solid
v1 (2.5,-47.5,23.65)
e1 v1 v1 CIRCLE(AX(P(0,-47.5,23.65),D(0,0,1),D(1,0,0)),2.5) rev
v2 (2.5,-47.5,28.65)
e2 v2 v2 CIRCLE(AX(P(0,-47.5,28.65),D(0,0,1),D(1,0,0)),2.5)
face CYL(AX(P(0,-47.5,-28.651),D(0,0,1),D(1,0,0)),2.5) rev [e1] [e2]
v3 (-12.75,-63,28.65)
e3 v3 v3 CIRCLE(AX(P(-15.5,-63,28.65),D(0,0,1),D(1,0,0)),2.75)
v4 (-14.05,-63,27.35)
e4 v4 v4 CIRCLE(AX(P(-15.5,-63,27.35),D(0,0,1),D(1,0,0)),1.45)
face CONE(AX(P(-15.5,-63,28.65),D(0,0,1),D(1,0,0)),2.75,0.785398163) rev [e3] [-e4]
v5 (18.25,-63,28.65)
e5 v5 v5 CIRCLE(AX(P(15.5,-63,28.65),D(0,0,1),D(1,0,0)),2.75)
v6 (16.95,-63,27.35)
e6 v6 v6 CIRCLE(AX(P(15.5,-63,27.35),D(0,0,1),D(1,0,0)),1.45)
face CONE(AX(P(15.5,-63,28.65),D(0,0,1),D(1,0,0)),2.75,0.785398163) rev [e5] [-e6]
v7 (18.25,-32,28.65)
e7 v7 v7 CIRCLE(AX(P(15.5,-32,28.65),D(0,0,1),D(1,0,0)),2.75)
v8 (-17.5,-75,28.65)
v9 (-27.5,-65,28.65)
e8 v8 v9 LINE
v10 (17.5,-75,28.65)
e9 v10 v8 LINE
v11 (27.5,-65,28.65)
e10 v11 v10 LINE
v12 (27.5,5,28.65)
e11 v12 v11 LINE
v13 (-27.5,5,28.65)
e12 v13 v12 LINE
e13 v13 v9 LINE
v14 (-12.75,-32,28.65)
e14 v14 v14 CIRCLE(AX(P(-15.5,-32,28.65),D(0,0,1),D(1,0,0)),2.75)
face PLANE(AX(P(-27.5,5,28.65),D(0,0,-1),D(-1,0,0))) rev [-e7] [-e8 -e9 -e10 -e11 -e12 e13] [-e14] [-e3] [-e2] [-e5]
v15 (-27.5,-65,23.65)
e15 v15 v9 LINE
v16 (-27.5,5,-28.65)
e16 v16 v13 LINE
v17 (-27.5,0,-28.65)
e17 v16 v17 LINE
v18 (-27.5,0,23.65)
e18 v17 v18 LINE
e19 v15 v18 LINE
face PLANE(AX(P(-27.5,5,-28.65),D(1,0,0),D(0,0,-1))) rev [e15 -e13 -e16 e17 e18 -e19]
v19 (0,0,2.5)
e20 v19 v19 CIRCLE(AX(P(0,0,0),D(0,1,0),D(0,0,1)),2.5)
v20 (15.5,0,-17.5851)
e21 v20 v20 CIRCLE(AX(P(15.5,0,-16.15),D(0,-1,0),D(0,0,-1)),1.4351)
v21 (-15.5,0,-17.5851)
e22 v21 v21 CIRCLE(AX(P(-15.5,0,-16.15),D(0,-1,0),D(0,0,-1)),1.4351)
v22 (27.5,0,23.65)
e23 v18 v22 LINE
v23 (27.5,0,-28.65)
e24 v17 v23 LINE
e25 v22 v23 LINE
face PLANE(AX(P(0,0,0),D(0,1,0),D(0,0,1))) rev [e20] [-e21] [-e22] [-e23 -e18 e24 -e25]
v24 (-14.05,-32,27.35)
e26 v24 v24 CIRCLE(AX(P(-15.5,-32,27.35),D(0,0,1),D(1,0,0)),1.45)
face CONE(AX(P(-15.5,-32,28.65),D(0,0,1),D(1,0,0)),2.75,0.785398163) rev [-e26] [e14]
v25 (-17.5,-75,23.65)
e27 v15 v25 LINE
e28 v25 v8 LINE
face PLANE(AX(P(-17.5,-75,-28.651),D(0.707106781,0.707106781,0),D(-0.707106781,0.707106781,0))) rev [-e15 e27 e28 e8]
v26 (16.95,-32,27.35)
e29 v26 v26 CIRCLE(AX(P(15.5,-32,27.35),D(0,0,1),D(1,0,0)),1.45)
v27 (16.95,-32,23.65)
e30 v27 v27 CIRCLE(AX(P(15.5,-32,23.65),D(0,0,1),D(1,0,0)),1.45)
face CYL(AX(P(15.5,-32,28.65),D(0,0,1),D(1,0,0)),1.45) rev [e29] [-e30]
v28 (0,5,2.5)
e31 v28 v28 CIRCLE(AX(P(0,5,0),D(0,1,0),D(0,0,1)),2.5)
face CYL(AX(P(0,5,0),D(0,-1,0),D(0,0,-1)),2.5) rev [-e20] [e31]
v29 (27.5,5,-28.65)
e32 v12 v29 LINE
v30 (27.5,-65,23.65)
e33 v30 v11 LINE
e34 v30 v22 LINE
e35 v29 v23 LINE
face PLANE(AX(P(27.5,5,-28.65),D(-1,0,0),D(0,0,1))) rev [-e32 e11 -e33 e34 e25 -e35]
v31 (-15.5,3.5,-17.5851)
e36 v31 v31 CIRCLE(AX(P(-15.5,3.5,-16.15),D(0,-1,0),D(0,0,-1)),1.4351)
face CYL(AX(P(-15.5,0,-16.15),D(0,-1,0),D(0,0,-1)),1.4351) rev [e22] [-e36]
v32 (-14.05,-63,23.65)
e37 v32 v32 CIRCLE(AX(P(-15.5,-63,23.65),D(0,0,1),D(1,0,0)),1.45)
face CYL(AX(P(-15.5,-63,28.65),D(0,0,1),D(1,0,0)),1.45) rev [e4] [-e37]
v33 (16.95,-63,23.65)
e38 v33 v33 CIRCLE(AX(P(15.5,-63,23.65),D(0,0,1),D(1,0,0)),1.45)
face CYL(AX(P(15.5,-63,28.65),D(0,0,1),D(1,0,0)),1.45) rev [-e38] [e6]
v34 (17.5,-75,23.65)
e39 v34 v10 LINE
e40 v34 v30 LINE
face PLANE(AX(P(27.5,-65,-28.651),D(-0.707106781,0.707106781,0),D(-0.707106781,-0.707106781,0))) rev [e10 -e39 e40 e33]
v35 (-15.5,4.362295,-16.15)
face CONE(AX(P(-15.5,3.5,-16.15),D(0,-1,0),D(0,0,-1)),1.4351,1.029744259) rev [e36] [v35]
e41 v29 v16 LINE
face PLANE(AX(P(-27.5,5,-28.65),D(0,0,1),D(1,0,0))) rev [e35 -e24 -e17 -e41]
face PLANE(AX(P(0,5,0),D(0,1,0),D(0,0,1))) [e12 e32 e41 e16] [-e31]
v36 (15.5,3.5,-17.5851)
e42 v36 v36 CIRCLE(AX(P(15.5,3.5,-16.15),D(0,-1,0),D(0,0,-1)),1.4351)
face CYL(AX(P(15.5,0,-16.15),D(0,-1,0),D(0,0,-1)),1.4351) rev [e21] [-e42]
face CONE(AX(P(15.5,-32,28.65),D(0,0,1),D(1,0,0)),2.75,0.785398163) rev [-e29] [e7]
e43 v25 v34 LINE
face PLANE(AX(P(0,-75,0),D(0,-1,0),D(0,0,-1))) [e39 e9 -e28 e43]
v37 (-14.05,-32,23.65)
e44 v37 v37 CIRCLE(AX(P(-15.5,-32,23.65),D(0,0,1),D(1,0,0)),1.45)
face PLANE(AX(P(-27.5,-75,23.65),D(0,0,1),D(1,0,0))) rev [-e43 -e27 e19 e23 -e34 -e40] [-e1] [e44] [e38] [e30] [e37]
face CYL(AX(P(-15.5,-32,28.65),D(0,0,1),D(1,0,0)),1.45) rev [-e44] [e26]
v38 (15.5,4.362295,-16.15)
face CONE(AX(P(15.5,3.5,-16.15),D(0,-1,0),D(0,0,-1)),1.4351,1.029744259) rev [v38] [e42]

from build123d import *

# Parameters (mm, degrees)
SKETCH1_W                                         = 55
SKETCH1_H                                         = 57.3
SKETCH1_R                                         = 2.5
BOSS_EXTRUDE1_DEPTH                               = 5
SKETCH2_W                                         = 55
SKETCH2_H                                         = 5
BOSS_EXTRUDE2_DEPTH                               = 75
CUT_EXTRUDE1_REACH                                = 59.3
CUT_EXTRUDE2_REACH                                = 7
CUT_EXTRUDE3_REACH                                = 59.3
SKETCH5_R                                         = 2.5
CUT_EXTRUDE4_REACH                                = 59.3
SKETCH6_R                                         = 2.5
CUT_EXTRUDE5_REACH                                = 7
CSK_FOR_M2_5_FLAT_HEAD_MACHINE_SCREW1_D           = 2.9
CSK_FOR_M2_5_FLAT_HEAD_MACHINE_SCREW1_DEPTH       = 5
CSK_FOR_M2_5_FLAT_HEAD_MACHINE_SCREW1_CSINK_D     = 5.5
CSK_FOR_M2_5_FLAT_HEAD_MACHINE_SCREW1_CSINK_ANGLE = 90
F_6_40_TAPPED_HOLE1_D                             = 2.8702
F_6_40_TAPPED_HOLE1_DEPTH                         = 3.5
F_6_40_TAPPED_HOLE1_TIP                           = 0.862295074


with BuildPart() as part:
    # Sketch1 → Boss-Extrude1 (new body)
    with BuildSketch(Plane(origin=(0, 0, 0), x_dir=(1, 0, 0), z_dir=(0, 1, 0))):
        Rectangle(SKETCH1_W, SKETCH1_H)
        Circle(SKETCH1_R, mode=Mode.SUBTRACT)
    extrude(amount=BOSS_EXTRUDE1_DEPTH)

    # Sketch2 → Boss-Extrude2 (add)
    with BuildSketch(Plane.XZ):
        with Locations((0, 26.15)):
            Rectangle(SKETCH2_W, SKETCH2_H)
        with Locations((0, -26.15)):
            Rectangle(SKETCH2_W, SKETCH2_H)
    extrude(amount=BOSS_EXTRUDE2_DEPTH)

    # Sketch3 → Cut-Extrude1 (cut, up to next)
    with BuildSketch(Plane.XY.offset(28.65), mode=Mode.PRIVATE) as cut_extrude1_sk1:
        Polygon((-27.5, -75), (-17.5, -75), (-27.5, -65), align=None)
    cut_extrude1_tool1 = extrude(cut_extrude1_sk1.sketch, amount=-CUT_EXTRUDE1_REACH, mode=Mode.PRIVATE) & part.part
    add(cut_extrude1_tool1.solids().sort_by_distance((-24.166667, -71.666667, 28.65))[0], mode=Mode.SUBTRACT)
    # Sketch3 → Cut-Extrude1 (cut, up to next)
    with BuildSketch(Plane.XY.offset(28.65), mode=Mode.PRIVATE) as cut_extrude1_sk2:
        Polygon((27.5, -75), (27.5, -65), (17.5, -75), align=None)
    cut_extrude1_tool2 = extrude(cut_extrude1_sk2.sketch, amount=-CUT_EXTRUDE1_REACH, mode=Mode.PRIVATE) & part.part
    add(cut_extrude1_tool2.solids().sort_by_distance((24.166667, -71.666667, 28.65))[0], mode=Mode.SUBTRACT)

    # Sketch4 → Cut-Extrude2 (cut, up to next)
    with BuildSketch(Plane.XY.offset(-23.65), mode=Mode.PRIVATE) as cut_extrude2_sk1:
        Polygon((-27.5, -65), (-27.5, -75), (-17.5, -75), align=None)
    cut_extrude2_tool1 = extrude(cut_extrude2_sk1.sketch, amount=-CUT_EXTRUDE2_REACH, mode=Mode.PRIVATE) & part.part
    add(cut_extrude2_tool1.solids().sort_by_distance((-24.166667, -71.666667, -23.65))[0], mode=Mode.SUBTRACT)
    # Sketch4 → Cut-Extrude2 (cut, up to next)
    with BuildSketch(Plane.XY.offset(-23.65), mode=Mode.PRIVATE) as cut_extrude2_sk2:
        Polygon((27.5, -65), (17.5, -75), (27.5, -75), align=None)
    cut_extrude2_tool2 = extrude(cut_extrude2_sk2.sketch, amount=-CUT_EXTRUDE2_REACH, mode=Mode.PRIVATE) & part.part
    add(cut_extrude2_tool2.solids().sort_by_distance((24.166667, -71.666667, -23.65))[0], mode=Mode.SUBTRACT)

    # Sketch5 → Cut-Extrude3 (cut, up to next)
    with BuildSketch(Plane.XY.offset(28.65), mode=Mode.PRIVATE) as cut_extrude3_sk1:
        with Locations((0, -47.5)):
            Circle(SKETCH5_R)
    cut_extrude3_tool1 = extrude(cut_extrude3_sk1.sketch, amount=-CUT_EXTRUDE3_REACH, mode=Mode.PRIVATE) & part.part
    add(cut_extrude3_tool1.solids().sort_by_distance((0, -47.5, 28.65))[0], mode=Mode.SUBTRACT)

    # Sketch6 → Cut-Extrude4 (cut, up to next)
    with BuildSketch(Plane(origin=(0, 0, -28.65), x_dir=(-1, 0, 0), z_dir=(0, 0, -1)), mode=Mode.PRIVATE) as cut_extrude4_sk1:
        with Locations((0, -47.5)):
            Circle(SKETCH6_R)
    cut_extrude4_tool1 = extrude(cut_extrude4_sk1.sketch, amount=-CUT_EXTRUDE4_REACH, mode=Mode.PRIVATE) & part.part
    add(cut_extrude4_tool1.solids().sort_by_distance((0, -47.5, -28.65))[0], mode=Mode.SUBTRACT)

    # Sketch7 → Cut-Extrude5 (cut, up to next)
    with BuildSketch(Plane.XY.offset(-23.65), mode=Mode.PRIVATE) as cut_extrude5_sk1:
        Polygon((-27.5, 0), (27.5, 0), (27.5, -65), (17.5, -75), (-17.5, -75), (-27.5, -65), align=None)
    cut_extrude5_tool1 = extrude(cut_extrude5_sk1.sketch, amount=-CUT_EXTRUDE5_REACH, mode=Mode.PRIVATE) & part.part
    add(cut_extrude5_tool1.solids().sort_by_distance((0, -36.651139, -23.65))[0], mode=Mode.SUBTRACT)

    # CSK for M2.5 Flat Head Machine Screw1
    with Locations(Plane.XY.offset(28.65)):
        with Locations((-15.5, -32), (15.5, -32), (-15.5, -63), (15.5, -63)):
            CounterSinkHole(CSK_FOR_M2_5_FLAT_HEAD_MACHINE_SCREW1_D / 2, CSK_FOR_M2_5_FLAT_HEAD_MACHINE_SCREW1_CSINK_D / 2, depth=CSK_FOR_M2_5_FLAT_HEAD_MACHINE_SCREW1_DEPTH, counter_sink_angle=CSK_FOR_M2_5_FLAT_HEAD_MACHINE_SCREW1_CSINK_ANGLE)

    # #6-40 Tapped Hole1
    with Locations(Plane(origin=(0, 0, 0), x_dir=(-1, 0, 0), z_dir=(0, -1, 0))):
        with Locations((-15.5, 16.15), (15.5, 16.15)):
            Hole(F_6_40_TAPPED_HOLE1_D / 2, depth=F_6_40_TAPPED_HOLE1_DEPTH)
            with Locations((0, 0, -(F_6_40_TAPPED_HOLE1_DEPTH + F_6_40_TAPPED_HOLE1_TIP / 2))):  # 118° drill point
                Cone(0, F_6_40_TAPPED_HOLE1_D / 2, F_6_40_TAPPED_HOLE1_TIP, mode=Mode.SUBTRACT)


solid = part.part
